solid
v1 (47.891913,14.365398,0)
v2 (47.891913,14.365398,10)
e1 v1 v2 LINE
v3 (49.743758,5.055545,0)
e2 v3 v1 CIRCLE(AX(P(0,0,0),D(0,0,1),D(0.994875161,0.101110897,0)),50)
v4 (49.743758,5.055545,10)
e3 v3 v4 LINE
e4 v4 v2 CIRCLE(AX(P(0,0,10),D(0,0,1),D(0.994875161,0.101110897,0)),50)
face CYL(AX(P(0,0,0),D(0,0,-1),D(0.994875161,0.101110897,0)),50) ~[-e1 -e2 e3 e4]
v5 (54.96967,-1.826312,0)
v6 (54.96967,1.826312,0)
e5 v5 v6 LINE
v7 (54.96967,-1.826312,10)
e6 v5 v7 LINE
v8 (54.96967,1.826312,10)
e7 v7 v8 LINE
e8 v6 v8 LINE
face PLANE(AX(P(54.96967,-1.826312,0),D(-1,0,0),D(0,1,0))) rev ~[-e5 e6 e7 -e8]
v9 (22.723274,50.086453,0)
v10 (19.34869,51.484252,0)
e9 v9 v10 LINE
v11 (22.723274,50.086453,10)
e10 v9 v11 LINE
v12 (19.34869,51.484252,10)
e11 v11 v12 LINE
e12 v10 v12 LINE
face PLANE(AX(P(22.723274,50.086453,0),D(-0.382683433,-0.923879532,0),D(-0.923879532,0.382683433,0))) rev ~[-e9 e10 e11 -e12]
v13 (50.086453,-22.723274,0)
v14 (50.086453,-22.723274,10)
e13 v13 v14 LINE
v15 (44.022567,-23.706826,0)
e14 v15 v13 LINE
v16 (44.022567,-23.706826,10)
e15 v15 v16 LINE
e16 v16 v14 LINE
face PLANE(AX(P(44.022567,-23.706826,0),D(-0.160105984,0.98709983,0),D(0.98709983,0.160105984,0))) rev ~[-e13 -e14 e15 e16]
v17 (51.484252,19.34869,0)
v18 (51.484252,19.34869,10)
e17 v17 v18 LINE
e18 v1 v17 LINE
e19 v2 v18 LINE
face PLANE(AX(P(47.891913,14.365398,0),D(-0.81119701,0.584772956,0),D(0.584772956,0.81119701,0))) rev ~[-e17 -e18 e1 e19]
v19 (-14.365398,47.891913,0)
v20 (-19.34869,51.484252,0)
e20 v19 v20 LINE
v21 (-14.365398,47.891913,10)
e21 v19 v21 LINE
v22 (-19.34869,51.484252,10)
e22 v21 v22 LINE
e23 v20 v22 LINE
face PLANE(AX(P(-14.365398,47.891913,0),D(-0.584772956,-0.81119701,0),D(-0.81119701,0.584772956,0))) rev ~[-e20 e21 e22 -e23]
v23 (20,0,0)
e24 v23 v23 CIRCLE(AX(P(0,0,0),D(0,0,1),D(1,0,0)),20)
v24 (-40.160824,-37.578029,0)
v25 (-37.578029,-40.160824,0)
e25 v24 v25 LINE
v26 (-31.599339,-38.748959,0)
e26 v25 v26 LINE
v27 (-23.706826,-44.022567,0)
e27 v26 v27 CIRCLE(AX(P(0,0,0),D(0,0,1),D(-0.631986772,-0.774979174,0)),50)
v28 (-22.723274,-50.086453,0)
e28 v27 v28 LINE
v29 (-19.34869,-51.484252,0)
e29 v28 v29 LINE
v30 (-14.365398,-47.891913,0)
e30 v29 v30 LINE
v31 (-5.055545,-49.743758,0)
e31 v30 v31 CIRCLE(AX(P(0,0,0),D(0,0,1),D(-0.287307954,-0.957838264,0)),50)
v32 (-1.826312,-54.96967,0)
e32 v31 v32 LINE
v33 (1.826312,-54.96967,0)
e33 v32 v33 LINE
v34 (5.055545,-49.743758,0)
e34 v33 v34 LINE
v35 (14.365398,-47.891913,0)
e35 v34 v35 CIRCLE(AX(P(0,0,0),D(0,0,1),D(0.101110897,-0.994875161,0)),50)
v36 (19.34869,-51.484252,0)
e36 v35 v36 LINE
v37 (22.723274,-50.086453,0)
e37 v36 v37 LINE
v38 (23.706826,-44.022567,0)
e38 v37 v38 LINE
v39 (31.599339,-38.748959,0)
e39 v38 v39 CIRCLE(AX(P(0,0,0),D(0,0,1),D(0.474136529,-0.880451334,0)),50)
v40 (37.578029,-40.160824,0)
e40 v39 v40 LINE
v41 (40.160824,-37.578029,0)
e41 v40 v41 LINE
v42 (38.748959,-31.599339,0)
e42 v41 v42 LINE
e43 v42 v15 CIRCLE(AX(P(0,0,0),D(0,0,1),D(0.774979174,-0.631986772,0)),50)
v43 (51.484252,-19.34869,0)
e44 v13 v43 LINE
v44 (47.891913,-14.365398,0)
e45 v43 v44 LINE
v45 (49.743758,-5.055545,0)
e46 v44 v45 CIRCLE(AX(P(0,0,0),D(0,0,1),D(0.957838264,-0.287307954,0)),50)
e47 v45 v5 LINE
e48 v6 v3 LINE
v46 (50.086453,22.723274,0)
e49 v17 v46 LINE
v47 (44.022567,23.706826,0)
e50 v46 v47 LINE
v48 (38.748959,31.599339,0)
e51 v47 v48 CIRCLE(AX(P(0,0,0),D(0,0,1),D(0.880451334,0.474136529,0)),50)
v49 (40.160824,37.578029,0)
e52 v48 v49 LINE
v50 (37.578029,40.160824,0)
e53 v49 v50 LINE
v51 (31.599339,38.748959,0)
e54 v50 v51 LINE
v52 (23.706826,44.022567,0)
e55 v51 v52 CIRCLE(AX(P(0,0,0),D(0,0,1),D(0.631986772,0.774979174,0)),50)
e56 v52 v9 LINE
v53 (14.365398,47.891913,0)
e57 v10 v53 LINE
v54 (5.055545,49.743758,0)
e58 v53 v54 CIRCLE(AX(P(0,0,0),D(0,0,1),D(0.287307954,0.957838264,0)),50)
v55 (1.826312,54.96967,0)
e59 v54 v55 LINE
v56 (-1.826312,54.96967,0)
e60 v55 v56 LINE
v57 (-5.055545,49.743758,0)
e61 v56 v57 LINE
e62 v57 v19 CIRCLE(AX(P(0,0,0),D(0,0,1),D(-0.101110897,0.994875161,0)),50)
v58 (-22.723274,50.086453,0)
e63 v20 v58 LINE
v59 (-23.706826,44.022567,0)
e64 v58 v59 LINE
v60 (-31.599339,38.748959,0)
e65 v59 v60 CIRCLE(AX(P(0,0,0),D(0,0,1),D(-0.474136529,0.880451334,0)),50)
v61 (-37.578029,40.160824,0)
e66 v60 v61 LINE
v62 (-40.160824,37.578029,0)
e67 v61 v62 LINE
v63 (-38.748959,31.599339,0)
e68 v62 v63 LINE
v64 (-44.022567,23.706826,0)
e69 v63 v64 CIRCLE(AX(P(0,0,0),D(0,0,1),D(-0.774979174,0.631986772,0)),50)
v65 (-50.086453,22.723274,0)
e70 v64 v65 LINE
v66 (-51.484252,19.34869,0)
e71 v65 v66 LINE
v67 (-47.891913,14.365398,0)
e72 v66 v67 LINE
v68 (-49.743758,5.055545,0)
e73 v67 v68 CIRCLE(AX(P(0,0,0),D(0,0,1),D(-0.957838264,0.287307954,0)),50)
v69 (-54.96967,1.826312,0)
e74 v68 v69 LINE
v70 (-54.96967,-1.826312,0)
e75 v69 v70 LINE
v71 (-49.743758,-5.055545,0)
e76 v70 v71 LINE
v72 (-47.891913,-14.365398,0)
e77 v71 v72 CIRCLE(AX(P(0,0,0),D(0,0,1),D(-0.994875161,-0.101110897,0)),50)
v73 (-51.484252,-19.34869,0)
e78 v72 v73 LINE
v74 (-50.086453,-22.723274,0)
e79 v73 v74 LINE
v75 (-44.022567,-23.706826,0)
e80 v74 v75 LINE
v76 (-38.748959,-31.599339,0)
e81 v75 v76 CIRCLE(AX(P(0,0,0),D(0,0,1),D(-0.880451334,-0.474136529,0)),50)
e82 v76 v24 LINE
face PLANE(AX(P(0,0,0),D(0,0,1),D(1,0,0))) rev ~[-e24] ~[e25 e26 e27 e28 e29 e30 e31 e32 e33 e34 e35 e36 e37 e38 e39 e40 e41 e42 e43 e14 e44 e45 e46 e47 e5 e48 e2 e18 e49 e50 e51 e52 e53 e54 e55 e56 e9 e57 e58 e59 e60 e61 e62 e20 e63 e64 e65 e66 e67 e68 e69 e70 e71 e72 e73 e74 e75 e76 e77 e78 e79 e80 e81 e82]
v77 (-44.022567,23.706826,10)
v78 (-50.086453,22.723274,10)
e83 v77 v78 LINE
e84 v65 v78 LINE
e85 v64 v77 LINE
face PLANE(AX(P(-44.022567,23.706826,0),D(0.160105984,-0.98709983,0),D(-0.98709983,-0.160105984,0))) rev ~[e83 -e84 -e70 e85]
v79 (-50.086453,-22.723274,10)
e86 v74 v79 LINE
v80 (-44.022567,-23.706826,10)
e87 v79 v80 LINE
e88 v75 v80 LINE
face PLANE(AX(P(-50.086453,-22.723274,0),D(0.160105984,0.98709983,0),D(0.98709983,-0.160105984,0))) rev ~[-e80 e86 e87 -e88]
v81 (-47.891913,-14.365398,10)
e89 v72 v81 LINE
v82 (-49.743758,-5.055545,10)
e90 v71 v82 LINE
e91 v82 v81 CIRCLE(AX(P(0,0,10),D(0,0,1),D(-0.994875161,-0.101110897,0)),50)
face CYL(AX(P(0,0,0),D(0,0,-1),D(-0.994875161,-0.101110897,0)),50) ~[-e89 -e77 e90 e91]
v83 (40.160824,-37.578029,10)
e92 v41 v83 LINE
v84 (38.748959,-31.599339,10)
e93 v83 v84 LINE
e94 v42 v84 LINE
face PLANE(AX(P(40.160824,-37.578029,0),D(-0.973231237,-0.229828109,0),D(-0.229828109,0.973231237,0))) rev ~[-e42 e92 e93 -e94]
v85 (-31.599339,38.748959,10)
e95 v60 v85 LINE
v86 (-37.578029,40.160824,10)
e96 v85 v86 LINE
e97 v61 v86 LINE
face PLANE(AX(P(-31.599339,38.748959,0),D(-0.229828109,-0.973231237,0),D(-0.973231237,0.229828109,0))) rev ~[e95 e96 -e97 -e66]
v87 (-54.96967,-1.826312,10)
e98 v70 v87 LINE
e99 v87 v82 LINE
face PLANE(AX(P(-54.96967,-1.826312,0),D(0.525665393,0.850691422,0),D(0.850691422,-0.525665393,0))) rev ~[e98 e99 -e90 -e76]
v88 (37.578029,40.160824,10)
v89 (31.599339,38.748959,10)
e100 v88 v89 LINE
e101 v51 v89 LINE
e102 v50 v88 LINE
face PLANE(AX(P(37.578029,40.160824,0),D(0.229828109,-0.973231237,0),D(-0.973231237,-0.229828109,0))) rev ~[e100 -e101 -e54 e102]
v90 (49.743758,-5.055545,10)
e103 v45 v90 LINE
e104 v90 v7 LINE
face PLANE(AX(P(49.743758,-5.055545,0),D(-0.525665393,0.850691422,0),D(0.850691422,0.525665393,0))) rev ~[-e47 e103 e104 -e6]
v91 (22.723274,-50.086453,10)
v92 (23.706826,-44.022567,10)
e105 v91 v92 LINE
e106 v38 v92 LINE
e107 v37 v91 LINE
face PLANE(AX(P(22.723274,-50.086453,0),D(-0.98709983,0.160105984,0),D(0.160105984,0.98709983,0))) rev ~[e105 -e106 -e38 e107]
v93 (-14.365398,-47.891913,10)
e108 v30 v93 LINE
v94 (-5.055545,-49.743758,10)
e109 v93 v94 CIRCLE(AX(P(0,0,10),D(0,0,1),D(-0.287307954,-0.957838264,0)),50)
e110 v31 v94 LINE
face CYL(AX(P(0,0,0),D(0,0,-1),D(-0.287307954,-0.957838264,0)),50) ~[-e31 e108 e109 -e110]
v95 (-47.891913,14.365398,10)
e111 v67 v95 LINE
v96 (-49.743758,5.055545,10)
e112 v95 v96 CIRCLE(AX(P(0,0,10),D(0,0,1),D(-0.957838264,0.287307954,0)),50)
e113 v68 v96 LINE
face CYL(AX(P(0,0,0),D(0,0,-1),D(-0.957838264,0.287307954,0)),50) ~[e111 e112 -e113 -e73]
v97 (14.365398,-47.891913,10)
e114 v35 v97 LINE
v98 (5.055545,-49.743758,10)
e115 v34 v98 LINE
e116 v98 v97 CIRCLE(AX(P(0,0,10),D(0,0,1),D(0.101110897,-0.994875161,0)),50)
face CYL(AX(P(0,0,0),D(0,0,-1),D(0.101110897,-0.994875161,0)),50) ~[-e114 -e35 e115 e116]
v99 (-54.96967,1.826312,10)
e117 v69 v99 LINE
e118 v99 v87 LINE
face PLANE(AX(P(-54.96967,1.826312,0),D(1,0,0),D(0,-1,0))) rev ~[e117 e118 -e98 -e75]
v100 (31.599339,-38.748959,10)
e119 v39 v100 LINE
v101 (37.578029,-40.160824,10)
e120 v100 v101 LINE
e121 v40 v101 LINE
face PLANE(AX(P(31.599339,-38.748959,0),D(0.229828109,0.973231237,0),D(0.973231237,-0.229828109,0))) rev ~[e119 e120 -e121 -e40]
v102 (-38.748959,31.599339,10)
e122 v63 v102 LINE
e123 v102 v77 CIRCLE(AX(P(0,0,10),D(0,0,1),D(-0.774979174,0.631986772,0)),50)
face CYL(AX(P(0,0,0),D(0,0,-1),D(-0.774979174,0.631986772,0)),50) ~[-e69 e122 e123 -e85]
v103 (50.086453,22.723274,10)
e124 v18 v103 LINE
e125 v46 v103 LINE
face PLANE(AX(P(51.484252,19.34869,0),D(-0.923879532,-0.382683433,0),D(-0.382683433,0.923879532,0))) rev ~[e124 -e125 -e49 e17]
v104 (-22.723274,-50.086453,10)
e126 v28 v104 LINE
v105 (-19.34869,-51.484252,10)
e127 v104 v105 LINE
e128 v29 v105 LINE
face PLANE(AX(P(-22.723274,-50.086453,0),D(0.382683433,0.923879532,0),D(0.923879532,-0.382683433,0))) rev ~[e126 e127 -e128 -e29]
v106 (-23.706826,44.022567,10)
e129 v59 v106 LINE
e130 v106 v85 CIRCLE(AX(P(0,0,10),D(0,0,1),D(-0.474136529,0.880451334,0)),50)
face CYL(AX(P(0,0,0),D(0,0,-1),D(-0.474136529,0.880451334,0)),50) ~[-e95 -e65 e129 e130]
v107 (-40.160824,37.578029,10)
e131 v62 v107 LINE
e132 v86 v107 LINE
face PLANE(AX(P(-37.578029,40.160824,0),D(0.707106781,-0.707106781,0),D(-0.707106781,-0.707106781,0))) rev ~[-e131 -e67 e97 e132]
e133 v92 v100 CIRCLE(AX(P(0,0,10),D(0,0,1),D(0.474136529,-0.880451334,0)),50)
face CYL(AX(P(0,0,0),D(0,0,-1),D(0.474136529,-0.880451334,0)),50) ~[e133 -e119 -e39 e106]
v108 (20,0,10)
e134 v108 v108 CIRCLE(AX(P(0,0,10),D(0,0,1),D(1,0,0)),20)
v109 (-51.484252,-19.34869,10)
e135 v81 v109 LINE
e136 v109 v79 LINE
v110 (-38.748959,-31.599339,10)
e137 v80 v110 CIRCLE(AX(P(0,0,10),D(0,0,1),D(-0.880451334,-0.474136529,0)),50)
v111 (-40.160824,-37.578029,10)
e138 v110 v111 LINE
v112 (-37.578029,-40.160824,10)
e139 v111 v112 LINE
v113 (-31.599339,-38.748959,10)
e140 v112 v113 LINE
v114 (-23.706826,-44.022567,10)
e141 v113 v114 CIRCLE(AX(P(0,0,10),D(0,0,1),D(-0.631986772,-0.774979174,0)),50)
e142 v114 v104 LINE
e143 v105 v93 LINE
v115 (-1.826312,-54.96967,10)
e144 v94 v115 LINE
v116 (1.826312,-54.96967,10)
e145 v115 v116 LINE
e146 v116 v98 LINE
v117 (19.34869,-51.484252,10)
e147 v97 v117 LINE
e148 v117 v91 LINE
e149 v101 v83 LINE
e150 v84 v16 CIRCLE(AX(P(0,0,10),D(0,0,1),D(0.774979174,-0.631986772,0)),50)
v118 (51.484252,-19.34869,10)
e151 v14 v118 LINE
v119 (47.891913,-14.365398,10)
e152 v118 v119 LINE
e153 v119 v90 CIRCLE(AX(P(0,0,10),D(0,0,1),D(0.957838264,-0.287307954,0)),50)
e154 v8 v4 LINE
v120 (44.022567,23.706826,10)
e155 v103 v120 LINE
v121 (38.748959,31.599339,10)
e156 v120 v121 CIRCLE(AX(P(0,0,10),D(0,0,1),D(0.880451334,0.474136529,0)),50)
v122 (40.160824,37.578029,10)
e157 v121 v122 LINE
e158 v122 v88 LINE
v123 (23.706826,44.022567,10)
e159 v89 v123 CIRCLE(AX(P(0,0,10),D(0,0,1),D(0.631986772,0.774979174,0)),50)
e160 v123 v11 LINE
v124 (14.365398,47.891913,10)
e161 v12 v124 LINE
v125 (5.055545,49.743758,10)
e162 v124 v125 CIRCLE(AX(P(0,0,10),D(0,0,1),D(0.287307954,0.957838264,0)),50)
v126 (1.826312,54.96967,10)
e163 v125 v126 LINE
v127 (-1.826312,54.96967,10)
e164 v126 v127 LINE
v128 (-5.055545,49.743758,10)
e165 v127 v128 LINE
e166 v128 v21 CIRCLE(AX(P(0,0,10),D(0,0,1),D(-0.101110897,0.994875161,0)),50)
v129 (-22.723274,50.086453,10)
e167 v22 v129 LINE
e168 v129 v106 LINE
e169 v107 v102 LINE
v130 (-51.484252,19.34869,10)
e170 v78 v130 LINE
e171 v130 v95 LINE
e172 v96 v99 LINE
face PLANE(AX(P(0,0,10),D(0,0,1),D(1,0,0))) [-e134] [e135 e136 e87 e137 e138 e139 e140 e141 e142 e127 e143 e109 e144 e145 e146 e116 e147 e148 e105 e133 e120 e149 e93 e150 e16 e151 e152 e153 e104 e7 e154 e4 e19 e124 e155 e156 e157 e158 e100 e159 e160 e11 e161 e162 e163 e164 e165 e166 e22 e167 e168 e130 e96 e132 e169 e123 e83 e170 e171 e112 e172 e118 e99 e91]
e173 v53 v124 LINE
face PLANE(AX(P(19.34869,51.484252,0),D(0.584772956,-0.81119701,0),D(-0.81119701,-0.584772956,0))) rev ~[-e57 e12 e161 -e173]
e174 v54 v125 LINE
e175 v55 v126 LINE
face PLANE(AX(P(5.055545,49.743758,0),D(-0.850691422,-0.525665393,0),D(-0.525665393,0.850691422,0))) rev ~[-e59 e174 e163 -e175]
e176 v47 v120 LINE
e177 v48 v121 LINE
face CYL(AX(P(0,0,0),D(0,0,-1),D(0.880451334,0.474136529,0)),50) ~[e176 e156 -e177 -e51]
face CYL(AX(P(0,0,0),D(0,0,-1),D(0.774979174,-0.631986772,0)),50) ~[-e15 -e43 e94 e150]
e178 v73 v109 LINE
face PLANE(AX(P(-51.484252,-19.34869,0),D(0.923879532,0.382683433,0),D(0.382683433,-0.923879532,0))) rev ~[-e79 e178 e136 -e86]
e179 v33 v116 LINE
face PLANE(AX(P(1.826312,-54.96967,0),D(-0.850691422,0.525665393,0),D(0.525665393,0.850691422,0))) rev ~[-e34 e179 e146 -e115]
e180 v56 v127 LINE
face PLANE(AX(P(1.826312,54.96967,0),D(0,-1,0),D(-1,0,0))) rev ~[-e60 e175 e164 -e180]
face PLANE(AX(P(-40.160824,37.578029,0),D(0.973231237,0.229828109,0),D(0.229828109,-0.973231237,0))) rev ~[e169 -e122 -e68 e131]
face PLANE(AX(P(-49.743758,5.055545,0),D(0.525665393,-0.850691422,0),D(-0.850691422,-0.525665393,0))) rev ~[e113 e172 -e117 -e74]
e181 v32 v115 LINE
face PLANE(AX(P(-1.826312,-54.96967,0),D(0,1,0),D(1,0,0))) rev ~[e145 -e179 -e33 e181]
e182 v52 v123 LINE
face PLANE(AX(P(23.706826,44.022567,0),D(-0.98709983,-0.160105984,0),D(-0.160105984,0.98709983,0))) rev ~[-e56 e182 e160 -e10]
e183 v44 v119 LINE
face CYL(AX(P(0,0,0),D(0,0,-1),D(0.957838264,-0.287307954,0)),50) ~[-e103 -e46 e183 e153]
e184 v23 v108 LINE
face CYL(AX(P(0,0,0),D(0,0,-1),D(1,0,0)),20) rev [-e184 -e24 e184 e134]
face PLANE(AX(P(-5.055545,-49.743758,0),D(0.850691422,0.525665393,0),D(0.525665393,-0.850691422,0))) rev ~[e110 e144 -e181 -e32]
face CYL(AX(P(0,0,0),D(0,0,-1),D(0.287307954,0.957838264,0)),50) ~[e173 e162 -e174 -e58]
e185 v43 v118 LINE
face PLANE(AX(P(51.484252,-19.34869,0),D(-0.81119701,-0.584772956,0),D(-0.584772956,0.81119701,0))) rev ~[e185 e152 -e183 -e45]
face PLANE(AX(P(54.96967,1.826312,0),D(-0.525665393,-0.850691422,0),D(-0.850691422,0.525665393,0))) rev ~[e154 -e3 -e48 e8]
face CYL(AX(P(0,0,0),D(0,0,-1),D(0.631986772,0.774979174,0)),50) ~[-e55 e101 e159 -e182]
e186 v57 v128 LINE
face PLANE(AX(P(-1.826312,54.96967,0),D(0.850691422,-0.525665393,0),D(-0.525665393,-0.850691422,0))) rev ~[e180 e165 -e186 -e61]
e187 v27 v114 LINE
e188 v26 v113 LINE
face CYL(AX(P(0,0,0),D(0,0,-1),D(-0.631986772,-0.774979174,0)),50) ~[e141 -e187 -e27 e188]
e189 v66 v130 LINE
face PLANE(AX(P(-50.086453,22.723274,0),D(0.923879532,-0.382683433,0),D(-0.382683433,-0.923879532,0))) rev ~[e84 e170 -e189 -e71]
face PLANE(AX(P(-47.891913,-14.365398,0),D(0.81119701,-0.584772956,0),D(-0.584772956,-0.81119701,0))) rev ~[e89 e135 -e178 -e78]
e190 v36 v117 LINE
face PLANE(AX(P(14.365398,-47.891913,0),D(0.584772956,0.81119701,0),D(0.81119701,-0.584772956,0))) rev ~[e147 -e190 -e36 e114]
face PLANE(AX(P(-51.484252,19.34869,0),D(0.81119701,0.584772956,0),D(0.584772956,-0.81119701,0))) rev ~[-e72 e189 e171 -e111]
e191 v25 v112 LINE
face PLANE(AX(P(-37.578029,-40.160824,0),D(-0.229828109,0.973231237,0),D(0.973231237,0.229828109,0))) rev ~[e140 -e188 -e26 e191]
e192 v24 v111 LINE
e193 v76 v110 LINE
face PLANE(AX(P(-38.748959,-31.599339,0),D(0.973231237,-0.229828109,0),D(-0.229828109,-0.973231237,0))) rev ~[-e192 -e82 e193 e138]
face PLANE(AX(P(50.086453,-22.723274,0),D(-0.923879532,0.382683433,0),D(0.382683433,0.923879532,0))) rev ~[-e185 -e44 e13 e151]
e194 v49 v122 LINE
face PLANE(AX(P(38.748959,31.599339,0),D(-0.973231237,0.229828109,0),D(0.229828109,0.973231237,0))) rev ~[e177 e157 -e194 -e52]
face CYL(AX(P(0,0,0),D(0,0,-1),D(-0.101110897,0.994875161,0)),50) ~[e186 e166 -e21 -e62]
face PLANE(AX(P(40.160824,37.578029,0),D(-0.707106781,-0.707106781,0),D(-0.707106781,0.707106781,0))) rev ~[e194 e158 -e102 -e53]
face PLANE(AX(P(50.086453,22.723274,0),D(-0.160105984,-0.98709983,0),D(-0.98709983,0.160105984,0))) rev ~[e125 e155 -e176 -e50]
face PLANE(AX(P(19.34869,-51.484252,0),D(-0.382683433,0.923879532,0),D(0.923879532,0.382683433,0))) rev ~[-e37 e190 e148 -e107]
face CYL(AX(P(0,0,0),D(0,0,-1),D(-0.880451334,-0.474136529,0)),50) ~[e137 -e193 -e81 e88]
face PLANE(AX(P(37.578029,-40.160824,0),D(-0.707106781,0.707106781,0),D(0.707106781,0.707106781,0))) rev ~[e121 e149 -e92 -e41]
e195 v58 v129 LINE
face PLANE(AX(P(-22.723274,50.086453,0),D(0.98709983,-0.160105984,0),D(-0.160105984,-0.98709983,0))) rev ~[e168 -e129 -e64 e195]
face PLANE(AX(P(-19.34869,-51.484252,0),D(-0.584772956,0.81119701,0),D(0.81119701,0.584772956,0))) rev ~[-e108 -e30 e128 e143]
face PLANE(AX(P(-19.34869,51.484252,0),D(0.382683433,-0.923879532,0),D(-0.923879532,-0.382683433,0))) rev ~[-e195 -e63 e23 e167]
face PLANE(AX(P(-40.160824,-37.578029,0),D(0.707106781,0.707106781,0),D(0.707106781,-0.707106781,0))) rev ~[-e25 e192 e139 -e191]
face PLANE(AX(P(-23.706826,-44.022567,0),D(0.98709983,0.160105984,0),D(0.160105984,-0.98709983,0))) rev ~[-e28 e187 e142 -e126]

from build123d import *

# Parameters (mm, degrees)
SKETCH1_R           = 20
BOSS_EXTRUDE1_DEPTH = 10


with BuildPart() as part:
    # Sketch1 → Boss-Extrude1 (new body)
    with BuildSketch(Plane.XY):
        with BuildLine():
            Line((1.826311743, 54.969669686), (-1.826311743, 54.969669686))
            Line((-1.826311743, 54.969669686), (-5.055544828, 49.743758066))
            ThreePointArc((-5.055544828, 49.743758066), (-9.754516101, 49.03926402), (-14.365397683, 47.891913194))
            Line((-14.365397683, 47.891913194), (-19.348689832, 51.484251979))
            Line((-19.348689832, 51.484251979), (-22.723273911, 50.086453485))
            Line((-22.723273911, 50.086453485), (-23.706826468, 44.0225667))
            ThreePointArc((-23.706826468, 44.0225667), (-27.778511651, 41.573480615), (-31.599338619, 38.74895868))
            Line((-31.599338619, 38.74895868), (-37.578028776, 40.160823613))
            Line((-37.578028776, 40.160823613), (-40.160823613, 37.578028776))
            Line((-40.160823613, 37.578028776), (-38.74895868, 31.599338619))
            ThreePointArc((-38.74895868, 31.599338619), (-41.573480615, 27.778511651), (-44.0225667, 23.706826468))
            Line((-44.0225667, 23.706826468), (-50.086453485, 22.723273911))
            Line((-50.086453485, 22.723273911), (-51.484251979, 19.348689832))
            Line((-51.484251979, 19.348689832), (-47.891913194, 14.365397683))
            ThreePointArc((-47.891913194, 14.365397683), (-49.03926402, 9.754516101), (-49.743758066, 5.055544828))
            Line((-49.743758066, 5.055544828), (-54.969669686, 1.826311743))
            Line((-54.969669686, 1.826311743), (-54.969669686, -1.826311743))
            Line((-54.969669686, -1.826311743), (-49.743758066, -5.055544828))
            ThreePointArc((-49.743758066, -5.055544828), (-49.03926402, -9.754516101), (-47.891913194, -14.365397683))
            Line((-47.891913194, -14.365397683), (-51.484251979, -19.348689832))
            Line((-51.484251979, -19.348689832), (-50.086453485, -22.723273911))
            Line((-50.086453485, -22.723273911), (-44.0225667, -23.706826468))
            ThreePointArc((-44.0225667, -23.706826468), (-41.573480615, -27.778511651), (-38.74895868, -31.599338619))
            Line((-38.74895868, -31.599338619), (-40.160823613, -37.578028776))
            Line((-40.160823613, -37.578028776), (-37.578028776, -40.160823613))
            Line((-37.578028776, -40.160823613), (-31.599338619, -38.74895868))
            ThreePointArc((-31.599338619, -38.74895868), (-27.778511651, -41.573480615), (-23.706826468, -44.0225667))
            Line((-23.706826468, -44.0225667), (-22.723273911, -50.086453485))
            Line((-22.723273911, -50.086453485), (-19.348689832, -51.484251979))
            Line((-19.348689832, -51.484251979), (-14.365397683, -47.891913194))
            ThreePointArc((-14.365397683, -47.891913194), (-9.754516101, -49.03926402), (-5.055544828, -49.743758066))
            Line((-5.055544828, -49.743758066), (-1.826311743, -54.969669686))
            Line((-1.826311743, -54.969669686), (1.826311743, -54.969669686))
            Line((1.826311743, -54.969669686), (5.055544828, -49.743758066))
            ThreePointArc((5.055544828, -49.743758066), (9.754516101, -49.03926402), (14.365397683, -47.891913194))
            Line((14.365397683, -47.891913194), (19.348689832, -51.484251979))
            Line((19.348689832, -51.484251979), (22.723273911, -50.086453485))
            Line((22.723273911, -50.086453485), (23.706826468, -44.0225667))
            ThreePointArc((23.706826468, -44.0225667), (27.778511651, -41.573480615), (31.599338619, -38.74895868))
            Line((31.599338619, -38.74895868), (37.578028776, -40.160823613))
            Line((37.578028776, -40.160823613), (40.160823613, -37.578028776))
            Line((40.160823613, -37.578028776), (38.74895868, -31.599338619))
            ThreePointArc((38.74895868, -31.599338619), (41.573480615, -27.778511651), (44.0225667, -23.706826468))
            Line((44.0225667, -23.706826468), (50.086453485, -22.723273911))
            Line((50.086453485, -22.723273911), (51.484251979, -19.348689832))
            Line((51.484251979, -19.348689832), (47.891913194, -14.365397683))
            ThreePointArc((47.891913194, -14.365397683), (49.03926402, -9.754516101), (49.743758066, -5.055544828))
            Line((49.743758066, -5.055544828), (54.969669686, -1.826311743))
            Line((54.969669686, -1.826311743), (54.969669686, 1.826311743))
            Line((54.969669686, 1.826311743), (49.743758066, 5.055544828))
            ThreePointArc((49.743758066, 5.055544828), (49.03926402, 9.754516101), (47.891913194, 14.365397683))
            Line((47.891913194, 14.365397683), (51.484251979, 19.348689832))
            Line((51.484251979, 19.348689832), (50.086453485, 22.723273911))
            Line((50.086453485, 22.723273911), (44.0225667, 23.706826468))
            ThreePointArc((44.0225667, 23.706826468), (41.573480615, 27.778511651), (38.74895868, 31.599338619))
            Line((38.74895868, 31.599338619), (40.160823613, 37.578028776))
            Line((40.160823613, 37.578028776), (37.578028776, 40.160823613))
            Line((37.578028776, 40.160823613), (31.599338619, 38.74895868))
            ThreePointArc((31.599338619, 38.74895868), (27.778511651, 41.573480615), (23.706826468, 44.0225667))
            Line((23.706826468, 44.0225667), (22.723273911, 50.086453485))
            Line((22.723273911, 50.086453485), (19.348689832, 51.484251979))
            Line((19.348689832, 51.484251979), (14.365397683, 47.891913194))
            ThreePointArc((14.365397683, 47.891913194), (9.754516101, 49.03926402), (5.055544828, 49.743758066))
            Line((5.055544828, 49.743758066), (1.826311743, 54.969669686))
        make_face()
        Circle(SKETCH1_R, mode=Mode.SUBTRACT)
    extrude(amount=BOSS_EXTRUDE1_DEPTH)


solid = part.part
